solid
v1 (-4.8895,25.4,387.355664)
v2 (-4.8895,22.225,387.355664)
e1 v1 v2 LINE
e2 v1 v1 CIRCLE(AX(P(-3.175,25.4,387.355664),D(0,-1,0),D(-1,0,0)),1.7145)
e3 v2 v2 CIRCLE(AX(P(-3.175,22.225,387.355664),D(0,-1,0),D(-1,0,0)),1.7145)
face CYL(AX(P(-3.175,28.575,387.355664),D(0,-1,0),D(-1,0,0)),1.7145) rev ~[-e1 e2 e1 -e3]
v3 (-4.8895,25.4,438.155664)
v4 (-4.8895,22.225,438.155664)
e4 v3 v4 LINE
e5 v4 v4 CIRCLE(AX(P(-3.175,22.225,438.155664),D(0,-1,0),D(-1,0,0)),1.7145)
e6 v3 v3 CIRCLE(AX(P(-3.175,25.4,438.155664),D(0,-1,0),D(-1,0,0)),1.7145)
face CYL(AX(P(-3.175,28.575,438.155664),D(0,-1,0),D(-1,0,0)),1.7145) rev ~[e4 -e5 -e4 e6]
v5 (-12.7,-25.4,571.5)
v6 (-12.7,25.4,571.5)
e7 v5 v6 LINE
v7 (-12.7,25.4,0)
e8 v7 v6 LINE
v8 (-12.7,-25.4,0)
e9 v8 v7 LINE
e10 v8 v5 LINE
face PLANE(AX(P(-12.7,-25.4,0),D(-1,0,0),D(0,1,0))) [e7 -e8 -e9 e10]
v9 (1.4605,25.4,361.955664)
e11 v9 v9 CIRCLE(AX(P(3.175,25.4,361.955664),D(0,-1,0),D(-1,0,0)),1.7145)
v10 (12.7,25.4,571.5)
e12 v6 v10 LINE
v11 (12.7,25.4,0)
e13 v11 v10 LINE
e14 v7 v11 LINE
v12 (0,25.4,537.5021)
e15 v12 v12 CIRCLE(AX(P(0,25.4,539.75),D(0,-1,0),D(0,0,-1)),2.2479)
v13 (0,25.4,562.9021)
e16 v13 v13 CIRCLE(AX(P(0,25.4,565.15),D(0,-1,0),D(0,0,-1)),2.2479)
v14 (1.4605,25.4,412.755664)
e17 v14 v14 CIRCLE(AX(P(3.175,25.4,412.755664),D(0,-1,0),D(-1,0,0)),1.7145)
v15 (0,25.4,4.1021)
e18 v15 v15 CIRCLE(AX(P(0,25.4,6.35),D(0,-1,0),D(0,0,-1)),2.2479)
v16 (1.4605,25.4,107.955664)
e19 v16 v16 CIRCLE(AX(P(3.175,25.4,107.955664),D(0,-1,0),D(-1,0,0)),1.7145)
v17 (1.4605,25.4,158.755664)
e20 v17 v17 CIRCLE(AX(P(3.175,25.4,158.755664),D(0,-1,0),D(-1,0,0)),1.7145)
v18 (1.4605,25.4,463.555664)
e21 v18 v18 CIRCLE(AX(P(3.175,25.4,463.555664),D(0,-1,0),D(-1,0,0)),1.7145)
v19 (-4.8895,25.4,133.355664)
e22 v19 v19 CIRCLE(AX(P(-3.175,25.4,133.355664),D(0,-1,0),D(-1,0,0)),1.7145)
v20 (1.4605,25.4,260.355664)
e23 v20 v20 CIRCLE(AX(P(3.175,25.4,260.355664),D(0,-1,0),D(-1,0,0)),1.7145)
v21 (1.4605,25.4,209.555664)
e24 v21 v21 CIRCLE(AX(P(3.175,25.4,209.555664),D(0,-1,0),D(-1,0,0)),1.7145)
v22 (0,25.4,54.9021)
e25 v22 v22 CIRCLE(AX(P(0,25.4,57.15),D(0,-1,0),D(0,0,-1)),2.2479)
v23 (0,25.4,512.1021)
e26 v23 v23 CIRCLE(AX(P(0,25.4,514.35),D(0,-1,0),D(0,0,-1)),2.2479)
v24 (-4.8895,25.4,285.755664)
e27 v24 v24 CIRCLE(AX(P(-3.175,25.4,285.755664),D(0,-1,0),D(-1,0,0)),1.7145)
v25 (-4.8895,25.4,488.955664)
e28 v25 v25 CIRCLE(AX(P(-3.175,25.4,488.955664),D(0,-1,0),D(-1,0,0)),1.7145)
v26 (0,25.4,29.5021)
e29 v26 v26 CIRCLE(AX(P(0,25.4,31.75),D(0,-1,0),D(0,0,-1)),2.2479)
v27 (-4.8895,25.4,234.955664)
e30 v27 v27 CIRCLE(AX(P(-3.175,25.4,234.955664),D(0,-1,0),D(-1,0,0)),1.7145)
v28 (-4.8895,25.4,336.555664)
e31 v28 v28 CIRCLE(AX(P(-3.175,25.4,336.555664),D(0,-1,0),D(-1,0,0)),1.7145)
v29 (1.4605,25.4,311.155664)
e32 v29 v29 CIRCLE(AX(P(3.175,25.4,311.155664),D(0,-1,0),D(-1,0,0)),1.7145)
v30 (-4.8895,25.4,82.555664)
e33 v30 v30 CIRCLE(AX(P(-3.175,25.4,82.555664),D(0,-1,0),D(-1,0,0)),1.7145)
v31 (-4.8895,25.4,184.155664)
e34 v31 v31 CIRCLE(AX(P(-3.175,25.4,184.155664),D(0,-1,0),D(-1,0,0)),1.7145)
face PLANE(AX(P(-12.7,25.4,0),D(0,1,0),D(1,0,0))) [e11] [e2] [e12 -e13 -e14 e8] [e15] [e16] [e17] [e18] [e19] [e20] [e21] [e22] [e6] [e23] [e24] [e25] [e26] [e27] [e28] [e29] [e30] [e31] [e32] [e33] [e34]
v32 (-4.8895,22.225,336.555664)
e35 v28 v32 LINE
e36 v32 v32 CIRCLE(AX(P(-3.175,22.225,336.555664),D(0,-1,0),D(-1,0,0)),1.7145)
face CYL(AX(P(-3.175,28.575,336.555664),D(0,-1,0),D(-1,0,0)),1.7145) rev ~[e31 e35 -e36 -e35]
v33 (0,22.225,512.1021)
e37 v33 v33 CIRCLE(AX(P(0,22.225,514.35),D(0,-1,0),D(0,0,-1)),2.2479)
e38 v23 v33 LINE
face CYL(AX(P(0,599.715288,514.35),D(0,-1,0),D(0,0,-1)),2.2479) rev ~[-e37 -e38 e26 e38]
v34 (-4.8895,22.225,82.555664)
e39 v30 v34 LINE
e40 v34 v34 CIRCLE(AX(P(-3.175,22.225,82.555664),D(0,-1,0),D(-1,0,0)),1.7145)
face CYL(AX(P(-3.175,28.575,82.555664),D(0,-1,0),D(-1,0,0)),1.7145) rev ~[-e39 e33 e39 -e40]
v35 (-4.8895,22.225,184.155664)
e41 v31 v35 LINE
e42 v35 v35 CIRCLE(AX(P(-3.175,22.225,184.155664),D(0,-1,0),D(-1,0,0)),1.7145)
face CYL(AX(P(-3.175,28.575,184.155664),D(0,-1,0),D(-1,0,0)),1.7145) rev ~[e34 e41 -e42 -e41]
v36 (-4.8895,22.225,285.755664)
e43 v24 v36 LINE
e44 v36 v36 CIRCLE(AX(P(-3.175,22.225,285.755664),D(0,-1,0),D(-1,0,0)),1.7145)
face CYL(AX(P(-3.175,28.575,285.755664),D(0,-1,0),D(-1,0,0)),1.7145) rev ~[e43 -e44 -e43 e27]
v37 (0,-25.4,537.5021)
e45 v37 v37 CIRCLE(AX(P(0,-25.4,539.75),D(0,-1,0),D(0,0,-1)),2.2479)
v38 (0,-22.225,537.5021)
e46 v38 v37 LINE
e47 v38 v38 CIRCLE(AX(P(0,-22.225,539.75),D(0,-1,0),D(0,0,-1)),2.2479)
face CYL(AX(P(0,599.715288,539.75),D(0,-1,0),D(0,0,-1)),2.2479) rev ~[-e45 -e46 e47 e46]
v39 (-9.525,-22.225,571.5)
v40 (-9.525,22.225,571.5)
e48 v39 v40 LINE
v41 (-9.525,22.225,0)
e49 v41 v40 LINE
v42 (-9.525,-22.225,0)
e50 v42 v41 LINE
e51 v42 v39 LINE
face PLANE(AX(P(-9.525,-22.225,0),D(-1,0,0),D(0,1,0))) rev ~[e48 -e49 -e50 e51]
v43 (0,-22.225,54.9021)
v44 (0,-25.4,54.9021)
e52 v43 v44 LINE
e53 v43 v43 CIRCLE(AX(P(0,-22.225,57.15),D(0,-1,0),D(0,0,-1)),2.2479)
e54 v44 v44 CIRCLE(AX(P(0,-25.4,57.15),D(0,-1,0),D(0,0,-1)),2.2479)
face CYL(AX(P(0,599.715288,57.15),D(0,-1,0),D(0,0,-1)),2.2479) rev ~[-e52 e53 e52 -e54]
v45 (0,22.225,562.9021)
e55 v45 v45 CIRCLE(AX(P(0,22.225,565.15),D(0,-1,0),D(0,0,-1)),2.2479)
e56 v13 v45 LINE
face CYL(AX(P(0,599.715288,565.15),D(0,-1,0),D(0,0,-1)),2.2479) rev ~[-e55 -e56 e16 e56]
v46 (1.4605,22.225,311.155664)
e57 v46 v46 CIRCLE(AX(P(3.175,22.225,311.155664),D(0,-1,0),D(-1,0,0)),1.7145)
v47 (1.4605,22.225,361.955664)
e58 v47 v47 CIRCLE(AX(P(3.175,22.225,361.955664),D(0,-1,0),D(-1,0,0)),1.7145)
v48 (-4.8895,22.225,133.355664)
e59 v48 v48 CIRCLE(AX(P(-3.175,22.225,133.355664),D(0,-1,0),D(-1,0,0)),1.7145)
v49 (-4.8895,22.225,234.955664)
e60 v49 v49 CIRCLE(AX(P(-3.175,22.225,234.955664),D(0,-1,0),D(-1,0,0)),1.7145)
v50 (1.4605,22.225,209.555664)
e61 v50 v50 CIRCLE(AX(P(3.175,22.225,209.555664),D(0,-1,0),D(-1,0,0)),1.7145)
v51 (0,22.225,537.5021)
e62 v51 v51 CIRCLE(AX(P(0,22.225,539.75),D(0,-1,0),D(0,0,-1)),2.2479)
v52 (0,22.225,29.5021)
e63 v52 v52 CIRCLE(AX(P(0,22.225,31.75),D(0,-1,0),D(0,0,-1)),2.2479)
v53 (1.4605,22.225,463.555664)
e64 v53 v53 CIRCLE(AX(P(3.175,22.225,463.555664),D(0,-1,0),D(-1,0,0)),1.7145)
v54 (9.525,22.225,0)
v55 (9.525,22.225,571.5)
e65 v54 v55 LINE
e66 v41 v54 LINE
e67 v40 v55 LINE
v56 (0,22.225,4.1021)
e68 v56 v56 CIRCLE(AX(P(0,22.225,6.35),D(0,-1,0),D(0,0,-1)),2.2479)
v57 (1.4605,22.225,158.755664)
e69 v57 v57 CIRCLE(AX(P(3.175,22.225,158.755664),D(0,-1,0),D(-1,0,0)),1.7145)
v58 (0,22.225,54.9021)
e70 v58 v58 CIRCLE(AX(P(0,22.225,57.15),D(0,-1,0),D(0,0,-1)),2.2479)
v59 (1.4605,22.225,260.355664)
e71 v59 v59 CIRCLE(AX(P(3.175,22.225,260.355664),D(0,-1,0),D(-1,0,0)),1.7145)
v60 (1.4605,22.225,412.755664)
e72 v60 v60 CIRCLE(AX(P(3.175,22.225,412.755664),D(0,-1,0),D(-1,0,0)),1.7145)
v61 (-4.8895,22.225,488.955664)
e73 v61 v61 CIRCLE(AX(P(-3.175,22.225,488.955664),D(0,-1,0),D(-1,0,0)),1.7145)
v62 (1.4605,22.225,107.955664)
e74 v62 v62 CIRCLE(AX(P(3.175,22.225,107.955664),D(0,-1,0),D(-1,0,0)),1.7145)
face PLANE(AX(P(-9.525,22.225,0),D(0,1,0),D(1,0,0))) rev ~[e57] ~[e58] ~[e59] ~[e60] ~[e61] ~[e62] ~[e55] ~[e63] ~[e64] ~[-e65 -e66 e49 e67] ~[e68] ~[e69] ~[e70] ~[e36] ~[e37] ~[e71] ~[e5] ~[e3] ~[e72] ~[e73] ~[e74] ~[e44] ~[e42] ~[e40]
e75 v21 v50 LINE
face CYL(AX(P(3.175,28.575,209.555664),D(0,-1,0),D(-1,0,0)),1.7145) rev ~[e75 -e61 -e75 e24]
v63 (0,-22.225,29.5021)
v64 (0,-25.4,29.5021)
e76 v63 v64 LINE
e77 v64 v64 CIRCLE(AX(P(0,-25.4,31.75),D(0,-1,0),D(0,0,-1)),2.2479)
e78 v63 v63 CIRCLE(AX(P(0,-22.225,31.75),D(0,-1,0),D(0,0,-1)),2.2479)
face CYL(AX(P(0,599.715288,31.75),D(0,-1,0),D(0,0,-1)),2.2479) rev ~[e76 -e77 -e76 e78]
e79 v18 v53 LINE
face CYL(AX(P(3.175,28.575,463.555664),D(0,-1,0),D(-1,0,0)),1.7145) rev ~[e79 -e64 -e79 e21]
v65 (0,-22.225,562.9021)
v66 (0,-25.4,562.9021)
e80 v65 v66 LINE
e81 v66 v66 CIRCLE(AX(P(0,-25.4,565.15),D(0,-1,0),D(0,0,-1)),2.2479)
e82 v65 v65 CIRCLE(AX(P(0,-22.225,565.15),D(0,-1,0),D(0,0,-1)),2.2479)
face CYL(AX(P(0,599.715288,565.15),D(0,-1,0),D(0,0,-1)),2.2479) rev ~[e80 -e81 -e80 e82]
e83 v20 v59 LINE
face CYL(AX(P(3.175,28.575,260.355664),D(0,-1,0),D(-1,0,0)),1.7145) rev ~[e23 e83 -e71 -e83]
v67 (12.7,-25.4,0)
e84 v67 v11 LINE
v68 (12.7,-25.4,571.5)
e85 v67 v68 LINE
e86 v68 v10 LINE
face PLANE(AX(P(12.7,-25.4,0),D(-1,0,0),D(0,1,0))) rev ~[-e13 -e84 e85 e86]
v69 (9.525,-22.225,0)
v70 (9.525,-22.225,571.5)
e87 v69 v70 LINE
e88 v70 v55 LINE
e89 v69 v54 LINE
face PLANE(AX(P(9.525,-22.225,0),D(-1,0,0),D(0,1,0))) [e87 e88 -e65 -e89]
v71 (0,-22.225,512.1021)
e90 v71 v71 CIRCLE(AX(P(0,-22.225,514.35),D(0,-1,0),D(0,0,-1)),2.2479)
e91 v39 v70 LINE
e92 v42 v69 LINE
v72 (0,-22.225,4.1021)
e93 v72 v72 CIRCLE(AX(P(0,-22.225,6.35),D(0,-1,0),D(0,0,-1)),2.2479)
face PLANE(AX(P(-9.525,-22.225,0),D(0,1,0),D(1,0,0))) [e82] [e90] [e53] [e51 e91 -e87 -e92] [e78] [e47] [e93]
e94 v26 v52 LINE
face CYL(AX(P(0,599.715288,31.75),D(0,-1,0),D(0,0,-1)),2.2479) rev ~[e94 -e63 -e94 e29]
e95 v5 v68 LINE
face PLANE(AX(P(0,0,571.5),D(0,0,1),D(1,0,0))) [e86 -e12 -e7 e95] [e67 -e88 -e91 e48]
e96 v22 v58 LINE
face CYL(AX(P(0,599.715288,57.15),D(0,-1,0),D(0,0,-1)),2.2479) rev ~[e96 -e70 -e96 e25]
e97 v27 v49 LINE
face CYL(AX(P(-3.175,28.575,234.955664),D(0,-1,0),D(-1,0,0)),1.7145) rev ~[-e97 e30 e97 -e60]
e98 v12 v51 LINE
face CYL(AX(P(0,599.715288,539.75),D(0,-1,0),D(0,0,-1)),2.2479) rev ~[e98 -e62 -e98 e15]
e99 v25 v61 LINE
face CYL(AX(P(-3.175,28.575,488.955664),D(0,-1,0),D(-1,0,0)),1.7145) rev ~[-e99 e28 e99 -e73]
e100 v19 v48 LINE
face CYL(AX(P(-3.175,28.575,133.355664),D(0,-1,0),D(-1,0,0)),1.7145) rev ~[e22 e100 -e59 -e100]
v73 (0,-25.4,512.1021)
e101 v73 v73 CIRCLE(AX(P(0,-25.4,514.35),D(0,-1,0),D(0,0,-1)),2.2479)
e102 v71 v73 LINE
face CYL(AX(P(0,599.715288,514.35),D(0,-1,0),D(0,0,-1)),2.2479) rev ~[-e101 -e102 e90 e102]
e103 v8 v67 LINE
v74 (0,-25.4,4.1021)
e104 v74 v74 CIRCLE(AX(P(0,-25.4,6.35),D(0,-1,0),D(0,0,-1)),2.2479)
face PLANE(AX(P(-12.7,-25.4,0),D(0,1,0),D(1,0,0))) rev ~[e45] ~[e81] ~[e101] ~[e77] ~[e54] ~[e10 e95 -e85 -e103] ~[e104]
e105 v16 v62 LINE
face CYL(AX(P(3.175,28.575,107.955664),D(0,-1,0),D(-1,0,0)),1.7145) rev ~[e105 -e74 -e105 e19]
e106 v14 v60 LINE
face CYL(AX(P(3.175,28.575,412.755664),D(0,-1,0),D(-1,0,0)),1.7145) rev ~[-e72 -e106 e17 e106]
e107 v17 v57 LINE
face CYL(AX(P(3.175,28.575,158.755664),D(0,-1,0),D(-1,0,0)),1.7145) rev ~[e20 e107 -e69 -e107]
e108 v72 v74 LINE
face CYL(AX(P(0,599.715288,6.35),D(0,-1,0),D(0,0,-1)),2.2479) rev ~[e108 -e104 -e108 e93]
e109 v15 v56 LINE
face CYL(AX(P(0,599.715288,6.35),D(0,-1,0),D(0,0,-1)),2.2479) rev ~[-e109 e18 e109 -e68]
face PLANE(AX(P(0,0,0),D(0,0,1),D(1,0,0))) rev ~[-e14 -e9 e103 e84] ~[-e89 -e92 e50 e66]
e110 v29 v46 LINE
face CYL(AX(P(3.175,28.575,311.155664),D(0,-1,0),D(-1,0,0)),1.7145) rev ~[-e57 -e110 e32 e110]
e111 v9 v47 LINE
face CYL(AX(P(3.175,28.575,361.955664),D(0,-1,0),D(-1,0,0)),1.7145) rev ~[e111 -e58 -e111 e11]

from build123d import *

# Parameters (mm, degrees)
SKETCH1_W                        = 25.4
SKETCH1_H                        = 50.8
SKETCH1_W_2                      = 19.05
SKETCH1_H_2                      = 44.45
EXTRUDE_THIN1_DEPTH              = 571.5
F_8_CLEARANCE_HOLE1_D            = 4.4958
F_1_8_0_135_DIAMETER_HOLE1_D     = 3.429
F_1_8_0_135_DIAMETER_HOLE1_DEPTH = 3.175


with BuildPart() as part:
    # Sketch1 → Extrude-Thin1 (new body)
    with BuildSketch(Plane.XY):
        Rectangle(SKETCH1_W, SKETCH1_H)
        Rectangle(SKETCH1_W_2, SKETCH1_H_2, mode=Mode.SUBTRACT)
    extrude(amount=EXTRUDE_THIN1_DEPTH)

    # #8 Clearance Hole1 (through all)
    with Locations(Plane(origin=(0, 25.4, 565.15), x_dir=(0, 0, 1), z_dir=(0, 1, 0))):
        with Locations((0, 0), (-558.8, 0), (-533.4, 0), (-508, 0), (-25.4, 0), (-50.8, 0)):
            Hole(F_8_CLEARANCE_HOLE1_D / 2)

    # 1/8 (0.135) Diameter Hole1
    with Locations(Plane(origin=(0, 25.4, 0), x_dir=(1, 0, 0), z_dir=(0, 1, 0))):
        with Locations((-3.175, -82.555663772), (3.175, -107.955663772), (-3.175, -133.355663772), (3.175, -158.755663772), (-3.175, -184.155663772), (3.175, -209.555663772), (-3.175, -234.955663772), (3.175, -260.355663772), (-3.175, -285.755663772), (3.175, -311.155663772), (-3.175, -336.555663772), (3.175, -361.955663772), (-3.175, -387.355663772), (3.175, -412.755663772), (-3.175, -438.155663772), (3.175, -463.555663772), (-3.175, -488.955663772)):
            Hole(F_1_8_0_135_DIAMETER_HOLE1_D / 2, depth=F_1_8_0_135_DIAMETER_HOLE1_DEPTH)


solid = part.part
